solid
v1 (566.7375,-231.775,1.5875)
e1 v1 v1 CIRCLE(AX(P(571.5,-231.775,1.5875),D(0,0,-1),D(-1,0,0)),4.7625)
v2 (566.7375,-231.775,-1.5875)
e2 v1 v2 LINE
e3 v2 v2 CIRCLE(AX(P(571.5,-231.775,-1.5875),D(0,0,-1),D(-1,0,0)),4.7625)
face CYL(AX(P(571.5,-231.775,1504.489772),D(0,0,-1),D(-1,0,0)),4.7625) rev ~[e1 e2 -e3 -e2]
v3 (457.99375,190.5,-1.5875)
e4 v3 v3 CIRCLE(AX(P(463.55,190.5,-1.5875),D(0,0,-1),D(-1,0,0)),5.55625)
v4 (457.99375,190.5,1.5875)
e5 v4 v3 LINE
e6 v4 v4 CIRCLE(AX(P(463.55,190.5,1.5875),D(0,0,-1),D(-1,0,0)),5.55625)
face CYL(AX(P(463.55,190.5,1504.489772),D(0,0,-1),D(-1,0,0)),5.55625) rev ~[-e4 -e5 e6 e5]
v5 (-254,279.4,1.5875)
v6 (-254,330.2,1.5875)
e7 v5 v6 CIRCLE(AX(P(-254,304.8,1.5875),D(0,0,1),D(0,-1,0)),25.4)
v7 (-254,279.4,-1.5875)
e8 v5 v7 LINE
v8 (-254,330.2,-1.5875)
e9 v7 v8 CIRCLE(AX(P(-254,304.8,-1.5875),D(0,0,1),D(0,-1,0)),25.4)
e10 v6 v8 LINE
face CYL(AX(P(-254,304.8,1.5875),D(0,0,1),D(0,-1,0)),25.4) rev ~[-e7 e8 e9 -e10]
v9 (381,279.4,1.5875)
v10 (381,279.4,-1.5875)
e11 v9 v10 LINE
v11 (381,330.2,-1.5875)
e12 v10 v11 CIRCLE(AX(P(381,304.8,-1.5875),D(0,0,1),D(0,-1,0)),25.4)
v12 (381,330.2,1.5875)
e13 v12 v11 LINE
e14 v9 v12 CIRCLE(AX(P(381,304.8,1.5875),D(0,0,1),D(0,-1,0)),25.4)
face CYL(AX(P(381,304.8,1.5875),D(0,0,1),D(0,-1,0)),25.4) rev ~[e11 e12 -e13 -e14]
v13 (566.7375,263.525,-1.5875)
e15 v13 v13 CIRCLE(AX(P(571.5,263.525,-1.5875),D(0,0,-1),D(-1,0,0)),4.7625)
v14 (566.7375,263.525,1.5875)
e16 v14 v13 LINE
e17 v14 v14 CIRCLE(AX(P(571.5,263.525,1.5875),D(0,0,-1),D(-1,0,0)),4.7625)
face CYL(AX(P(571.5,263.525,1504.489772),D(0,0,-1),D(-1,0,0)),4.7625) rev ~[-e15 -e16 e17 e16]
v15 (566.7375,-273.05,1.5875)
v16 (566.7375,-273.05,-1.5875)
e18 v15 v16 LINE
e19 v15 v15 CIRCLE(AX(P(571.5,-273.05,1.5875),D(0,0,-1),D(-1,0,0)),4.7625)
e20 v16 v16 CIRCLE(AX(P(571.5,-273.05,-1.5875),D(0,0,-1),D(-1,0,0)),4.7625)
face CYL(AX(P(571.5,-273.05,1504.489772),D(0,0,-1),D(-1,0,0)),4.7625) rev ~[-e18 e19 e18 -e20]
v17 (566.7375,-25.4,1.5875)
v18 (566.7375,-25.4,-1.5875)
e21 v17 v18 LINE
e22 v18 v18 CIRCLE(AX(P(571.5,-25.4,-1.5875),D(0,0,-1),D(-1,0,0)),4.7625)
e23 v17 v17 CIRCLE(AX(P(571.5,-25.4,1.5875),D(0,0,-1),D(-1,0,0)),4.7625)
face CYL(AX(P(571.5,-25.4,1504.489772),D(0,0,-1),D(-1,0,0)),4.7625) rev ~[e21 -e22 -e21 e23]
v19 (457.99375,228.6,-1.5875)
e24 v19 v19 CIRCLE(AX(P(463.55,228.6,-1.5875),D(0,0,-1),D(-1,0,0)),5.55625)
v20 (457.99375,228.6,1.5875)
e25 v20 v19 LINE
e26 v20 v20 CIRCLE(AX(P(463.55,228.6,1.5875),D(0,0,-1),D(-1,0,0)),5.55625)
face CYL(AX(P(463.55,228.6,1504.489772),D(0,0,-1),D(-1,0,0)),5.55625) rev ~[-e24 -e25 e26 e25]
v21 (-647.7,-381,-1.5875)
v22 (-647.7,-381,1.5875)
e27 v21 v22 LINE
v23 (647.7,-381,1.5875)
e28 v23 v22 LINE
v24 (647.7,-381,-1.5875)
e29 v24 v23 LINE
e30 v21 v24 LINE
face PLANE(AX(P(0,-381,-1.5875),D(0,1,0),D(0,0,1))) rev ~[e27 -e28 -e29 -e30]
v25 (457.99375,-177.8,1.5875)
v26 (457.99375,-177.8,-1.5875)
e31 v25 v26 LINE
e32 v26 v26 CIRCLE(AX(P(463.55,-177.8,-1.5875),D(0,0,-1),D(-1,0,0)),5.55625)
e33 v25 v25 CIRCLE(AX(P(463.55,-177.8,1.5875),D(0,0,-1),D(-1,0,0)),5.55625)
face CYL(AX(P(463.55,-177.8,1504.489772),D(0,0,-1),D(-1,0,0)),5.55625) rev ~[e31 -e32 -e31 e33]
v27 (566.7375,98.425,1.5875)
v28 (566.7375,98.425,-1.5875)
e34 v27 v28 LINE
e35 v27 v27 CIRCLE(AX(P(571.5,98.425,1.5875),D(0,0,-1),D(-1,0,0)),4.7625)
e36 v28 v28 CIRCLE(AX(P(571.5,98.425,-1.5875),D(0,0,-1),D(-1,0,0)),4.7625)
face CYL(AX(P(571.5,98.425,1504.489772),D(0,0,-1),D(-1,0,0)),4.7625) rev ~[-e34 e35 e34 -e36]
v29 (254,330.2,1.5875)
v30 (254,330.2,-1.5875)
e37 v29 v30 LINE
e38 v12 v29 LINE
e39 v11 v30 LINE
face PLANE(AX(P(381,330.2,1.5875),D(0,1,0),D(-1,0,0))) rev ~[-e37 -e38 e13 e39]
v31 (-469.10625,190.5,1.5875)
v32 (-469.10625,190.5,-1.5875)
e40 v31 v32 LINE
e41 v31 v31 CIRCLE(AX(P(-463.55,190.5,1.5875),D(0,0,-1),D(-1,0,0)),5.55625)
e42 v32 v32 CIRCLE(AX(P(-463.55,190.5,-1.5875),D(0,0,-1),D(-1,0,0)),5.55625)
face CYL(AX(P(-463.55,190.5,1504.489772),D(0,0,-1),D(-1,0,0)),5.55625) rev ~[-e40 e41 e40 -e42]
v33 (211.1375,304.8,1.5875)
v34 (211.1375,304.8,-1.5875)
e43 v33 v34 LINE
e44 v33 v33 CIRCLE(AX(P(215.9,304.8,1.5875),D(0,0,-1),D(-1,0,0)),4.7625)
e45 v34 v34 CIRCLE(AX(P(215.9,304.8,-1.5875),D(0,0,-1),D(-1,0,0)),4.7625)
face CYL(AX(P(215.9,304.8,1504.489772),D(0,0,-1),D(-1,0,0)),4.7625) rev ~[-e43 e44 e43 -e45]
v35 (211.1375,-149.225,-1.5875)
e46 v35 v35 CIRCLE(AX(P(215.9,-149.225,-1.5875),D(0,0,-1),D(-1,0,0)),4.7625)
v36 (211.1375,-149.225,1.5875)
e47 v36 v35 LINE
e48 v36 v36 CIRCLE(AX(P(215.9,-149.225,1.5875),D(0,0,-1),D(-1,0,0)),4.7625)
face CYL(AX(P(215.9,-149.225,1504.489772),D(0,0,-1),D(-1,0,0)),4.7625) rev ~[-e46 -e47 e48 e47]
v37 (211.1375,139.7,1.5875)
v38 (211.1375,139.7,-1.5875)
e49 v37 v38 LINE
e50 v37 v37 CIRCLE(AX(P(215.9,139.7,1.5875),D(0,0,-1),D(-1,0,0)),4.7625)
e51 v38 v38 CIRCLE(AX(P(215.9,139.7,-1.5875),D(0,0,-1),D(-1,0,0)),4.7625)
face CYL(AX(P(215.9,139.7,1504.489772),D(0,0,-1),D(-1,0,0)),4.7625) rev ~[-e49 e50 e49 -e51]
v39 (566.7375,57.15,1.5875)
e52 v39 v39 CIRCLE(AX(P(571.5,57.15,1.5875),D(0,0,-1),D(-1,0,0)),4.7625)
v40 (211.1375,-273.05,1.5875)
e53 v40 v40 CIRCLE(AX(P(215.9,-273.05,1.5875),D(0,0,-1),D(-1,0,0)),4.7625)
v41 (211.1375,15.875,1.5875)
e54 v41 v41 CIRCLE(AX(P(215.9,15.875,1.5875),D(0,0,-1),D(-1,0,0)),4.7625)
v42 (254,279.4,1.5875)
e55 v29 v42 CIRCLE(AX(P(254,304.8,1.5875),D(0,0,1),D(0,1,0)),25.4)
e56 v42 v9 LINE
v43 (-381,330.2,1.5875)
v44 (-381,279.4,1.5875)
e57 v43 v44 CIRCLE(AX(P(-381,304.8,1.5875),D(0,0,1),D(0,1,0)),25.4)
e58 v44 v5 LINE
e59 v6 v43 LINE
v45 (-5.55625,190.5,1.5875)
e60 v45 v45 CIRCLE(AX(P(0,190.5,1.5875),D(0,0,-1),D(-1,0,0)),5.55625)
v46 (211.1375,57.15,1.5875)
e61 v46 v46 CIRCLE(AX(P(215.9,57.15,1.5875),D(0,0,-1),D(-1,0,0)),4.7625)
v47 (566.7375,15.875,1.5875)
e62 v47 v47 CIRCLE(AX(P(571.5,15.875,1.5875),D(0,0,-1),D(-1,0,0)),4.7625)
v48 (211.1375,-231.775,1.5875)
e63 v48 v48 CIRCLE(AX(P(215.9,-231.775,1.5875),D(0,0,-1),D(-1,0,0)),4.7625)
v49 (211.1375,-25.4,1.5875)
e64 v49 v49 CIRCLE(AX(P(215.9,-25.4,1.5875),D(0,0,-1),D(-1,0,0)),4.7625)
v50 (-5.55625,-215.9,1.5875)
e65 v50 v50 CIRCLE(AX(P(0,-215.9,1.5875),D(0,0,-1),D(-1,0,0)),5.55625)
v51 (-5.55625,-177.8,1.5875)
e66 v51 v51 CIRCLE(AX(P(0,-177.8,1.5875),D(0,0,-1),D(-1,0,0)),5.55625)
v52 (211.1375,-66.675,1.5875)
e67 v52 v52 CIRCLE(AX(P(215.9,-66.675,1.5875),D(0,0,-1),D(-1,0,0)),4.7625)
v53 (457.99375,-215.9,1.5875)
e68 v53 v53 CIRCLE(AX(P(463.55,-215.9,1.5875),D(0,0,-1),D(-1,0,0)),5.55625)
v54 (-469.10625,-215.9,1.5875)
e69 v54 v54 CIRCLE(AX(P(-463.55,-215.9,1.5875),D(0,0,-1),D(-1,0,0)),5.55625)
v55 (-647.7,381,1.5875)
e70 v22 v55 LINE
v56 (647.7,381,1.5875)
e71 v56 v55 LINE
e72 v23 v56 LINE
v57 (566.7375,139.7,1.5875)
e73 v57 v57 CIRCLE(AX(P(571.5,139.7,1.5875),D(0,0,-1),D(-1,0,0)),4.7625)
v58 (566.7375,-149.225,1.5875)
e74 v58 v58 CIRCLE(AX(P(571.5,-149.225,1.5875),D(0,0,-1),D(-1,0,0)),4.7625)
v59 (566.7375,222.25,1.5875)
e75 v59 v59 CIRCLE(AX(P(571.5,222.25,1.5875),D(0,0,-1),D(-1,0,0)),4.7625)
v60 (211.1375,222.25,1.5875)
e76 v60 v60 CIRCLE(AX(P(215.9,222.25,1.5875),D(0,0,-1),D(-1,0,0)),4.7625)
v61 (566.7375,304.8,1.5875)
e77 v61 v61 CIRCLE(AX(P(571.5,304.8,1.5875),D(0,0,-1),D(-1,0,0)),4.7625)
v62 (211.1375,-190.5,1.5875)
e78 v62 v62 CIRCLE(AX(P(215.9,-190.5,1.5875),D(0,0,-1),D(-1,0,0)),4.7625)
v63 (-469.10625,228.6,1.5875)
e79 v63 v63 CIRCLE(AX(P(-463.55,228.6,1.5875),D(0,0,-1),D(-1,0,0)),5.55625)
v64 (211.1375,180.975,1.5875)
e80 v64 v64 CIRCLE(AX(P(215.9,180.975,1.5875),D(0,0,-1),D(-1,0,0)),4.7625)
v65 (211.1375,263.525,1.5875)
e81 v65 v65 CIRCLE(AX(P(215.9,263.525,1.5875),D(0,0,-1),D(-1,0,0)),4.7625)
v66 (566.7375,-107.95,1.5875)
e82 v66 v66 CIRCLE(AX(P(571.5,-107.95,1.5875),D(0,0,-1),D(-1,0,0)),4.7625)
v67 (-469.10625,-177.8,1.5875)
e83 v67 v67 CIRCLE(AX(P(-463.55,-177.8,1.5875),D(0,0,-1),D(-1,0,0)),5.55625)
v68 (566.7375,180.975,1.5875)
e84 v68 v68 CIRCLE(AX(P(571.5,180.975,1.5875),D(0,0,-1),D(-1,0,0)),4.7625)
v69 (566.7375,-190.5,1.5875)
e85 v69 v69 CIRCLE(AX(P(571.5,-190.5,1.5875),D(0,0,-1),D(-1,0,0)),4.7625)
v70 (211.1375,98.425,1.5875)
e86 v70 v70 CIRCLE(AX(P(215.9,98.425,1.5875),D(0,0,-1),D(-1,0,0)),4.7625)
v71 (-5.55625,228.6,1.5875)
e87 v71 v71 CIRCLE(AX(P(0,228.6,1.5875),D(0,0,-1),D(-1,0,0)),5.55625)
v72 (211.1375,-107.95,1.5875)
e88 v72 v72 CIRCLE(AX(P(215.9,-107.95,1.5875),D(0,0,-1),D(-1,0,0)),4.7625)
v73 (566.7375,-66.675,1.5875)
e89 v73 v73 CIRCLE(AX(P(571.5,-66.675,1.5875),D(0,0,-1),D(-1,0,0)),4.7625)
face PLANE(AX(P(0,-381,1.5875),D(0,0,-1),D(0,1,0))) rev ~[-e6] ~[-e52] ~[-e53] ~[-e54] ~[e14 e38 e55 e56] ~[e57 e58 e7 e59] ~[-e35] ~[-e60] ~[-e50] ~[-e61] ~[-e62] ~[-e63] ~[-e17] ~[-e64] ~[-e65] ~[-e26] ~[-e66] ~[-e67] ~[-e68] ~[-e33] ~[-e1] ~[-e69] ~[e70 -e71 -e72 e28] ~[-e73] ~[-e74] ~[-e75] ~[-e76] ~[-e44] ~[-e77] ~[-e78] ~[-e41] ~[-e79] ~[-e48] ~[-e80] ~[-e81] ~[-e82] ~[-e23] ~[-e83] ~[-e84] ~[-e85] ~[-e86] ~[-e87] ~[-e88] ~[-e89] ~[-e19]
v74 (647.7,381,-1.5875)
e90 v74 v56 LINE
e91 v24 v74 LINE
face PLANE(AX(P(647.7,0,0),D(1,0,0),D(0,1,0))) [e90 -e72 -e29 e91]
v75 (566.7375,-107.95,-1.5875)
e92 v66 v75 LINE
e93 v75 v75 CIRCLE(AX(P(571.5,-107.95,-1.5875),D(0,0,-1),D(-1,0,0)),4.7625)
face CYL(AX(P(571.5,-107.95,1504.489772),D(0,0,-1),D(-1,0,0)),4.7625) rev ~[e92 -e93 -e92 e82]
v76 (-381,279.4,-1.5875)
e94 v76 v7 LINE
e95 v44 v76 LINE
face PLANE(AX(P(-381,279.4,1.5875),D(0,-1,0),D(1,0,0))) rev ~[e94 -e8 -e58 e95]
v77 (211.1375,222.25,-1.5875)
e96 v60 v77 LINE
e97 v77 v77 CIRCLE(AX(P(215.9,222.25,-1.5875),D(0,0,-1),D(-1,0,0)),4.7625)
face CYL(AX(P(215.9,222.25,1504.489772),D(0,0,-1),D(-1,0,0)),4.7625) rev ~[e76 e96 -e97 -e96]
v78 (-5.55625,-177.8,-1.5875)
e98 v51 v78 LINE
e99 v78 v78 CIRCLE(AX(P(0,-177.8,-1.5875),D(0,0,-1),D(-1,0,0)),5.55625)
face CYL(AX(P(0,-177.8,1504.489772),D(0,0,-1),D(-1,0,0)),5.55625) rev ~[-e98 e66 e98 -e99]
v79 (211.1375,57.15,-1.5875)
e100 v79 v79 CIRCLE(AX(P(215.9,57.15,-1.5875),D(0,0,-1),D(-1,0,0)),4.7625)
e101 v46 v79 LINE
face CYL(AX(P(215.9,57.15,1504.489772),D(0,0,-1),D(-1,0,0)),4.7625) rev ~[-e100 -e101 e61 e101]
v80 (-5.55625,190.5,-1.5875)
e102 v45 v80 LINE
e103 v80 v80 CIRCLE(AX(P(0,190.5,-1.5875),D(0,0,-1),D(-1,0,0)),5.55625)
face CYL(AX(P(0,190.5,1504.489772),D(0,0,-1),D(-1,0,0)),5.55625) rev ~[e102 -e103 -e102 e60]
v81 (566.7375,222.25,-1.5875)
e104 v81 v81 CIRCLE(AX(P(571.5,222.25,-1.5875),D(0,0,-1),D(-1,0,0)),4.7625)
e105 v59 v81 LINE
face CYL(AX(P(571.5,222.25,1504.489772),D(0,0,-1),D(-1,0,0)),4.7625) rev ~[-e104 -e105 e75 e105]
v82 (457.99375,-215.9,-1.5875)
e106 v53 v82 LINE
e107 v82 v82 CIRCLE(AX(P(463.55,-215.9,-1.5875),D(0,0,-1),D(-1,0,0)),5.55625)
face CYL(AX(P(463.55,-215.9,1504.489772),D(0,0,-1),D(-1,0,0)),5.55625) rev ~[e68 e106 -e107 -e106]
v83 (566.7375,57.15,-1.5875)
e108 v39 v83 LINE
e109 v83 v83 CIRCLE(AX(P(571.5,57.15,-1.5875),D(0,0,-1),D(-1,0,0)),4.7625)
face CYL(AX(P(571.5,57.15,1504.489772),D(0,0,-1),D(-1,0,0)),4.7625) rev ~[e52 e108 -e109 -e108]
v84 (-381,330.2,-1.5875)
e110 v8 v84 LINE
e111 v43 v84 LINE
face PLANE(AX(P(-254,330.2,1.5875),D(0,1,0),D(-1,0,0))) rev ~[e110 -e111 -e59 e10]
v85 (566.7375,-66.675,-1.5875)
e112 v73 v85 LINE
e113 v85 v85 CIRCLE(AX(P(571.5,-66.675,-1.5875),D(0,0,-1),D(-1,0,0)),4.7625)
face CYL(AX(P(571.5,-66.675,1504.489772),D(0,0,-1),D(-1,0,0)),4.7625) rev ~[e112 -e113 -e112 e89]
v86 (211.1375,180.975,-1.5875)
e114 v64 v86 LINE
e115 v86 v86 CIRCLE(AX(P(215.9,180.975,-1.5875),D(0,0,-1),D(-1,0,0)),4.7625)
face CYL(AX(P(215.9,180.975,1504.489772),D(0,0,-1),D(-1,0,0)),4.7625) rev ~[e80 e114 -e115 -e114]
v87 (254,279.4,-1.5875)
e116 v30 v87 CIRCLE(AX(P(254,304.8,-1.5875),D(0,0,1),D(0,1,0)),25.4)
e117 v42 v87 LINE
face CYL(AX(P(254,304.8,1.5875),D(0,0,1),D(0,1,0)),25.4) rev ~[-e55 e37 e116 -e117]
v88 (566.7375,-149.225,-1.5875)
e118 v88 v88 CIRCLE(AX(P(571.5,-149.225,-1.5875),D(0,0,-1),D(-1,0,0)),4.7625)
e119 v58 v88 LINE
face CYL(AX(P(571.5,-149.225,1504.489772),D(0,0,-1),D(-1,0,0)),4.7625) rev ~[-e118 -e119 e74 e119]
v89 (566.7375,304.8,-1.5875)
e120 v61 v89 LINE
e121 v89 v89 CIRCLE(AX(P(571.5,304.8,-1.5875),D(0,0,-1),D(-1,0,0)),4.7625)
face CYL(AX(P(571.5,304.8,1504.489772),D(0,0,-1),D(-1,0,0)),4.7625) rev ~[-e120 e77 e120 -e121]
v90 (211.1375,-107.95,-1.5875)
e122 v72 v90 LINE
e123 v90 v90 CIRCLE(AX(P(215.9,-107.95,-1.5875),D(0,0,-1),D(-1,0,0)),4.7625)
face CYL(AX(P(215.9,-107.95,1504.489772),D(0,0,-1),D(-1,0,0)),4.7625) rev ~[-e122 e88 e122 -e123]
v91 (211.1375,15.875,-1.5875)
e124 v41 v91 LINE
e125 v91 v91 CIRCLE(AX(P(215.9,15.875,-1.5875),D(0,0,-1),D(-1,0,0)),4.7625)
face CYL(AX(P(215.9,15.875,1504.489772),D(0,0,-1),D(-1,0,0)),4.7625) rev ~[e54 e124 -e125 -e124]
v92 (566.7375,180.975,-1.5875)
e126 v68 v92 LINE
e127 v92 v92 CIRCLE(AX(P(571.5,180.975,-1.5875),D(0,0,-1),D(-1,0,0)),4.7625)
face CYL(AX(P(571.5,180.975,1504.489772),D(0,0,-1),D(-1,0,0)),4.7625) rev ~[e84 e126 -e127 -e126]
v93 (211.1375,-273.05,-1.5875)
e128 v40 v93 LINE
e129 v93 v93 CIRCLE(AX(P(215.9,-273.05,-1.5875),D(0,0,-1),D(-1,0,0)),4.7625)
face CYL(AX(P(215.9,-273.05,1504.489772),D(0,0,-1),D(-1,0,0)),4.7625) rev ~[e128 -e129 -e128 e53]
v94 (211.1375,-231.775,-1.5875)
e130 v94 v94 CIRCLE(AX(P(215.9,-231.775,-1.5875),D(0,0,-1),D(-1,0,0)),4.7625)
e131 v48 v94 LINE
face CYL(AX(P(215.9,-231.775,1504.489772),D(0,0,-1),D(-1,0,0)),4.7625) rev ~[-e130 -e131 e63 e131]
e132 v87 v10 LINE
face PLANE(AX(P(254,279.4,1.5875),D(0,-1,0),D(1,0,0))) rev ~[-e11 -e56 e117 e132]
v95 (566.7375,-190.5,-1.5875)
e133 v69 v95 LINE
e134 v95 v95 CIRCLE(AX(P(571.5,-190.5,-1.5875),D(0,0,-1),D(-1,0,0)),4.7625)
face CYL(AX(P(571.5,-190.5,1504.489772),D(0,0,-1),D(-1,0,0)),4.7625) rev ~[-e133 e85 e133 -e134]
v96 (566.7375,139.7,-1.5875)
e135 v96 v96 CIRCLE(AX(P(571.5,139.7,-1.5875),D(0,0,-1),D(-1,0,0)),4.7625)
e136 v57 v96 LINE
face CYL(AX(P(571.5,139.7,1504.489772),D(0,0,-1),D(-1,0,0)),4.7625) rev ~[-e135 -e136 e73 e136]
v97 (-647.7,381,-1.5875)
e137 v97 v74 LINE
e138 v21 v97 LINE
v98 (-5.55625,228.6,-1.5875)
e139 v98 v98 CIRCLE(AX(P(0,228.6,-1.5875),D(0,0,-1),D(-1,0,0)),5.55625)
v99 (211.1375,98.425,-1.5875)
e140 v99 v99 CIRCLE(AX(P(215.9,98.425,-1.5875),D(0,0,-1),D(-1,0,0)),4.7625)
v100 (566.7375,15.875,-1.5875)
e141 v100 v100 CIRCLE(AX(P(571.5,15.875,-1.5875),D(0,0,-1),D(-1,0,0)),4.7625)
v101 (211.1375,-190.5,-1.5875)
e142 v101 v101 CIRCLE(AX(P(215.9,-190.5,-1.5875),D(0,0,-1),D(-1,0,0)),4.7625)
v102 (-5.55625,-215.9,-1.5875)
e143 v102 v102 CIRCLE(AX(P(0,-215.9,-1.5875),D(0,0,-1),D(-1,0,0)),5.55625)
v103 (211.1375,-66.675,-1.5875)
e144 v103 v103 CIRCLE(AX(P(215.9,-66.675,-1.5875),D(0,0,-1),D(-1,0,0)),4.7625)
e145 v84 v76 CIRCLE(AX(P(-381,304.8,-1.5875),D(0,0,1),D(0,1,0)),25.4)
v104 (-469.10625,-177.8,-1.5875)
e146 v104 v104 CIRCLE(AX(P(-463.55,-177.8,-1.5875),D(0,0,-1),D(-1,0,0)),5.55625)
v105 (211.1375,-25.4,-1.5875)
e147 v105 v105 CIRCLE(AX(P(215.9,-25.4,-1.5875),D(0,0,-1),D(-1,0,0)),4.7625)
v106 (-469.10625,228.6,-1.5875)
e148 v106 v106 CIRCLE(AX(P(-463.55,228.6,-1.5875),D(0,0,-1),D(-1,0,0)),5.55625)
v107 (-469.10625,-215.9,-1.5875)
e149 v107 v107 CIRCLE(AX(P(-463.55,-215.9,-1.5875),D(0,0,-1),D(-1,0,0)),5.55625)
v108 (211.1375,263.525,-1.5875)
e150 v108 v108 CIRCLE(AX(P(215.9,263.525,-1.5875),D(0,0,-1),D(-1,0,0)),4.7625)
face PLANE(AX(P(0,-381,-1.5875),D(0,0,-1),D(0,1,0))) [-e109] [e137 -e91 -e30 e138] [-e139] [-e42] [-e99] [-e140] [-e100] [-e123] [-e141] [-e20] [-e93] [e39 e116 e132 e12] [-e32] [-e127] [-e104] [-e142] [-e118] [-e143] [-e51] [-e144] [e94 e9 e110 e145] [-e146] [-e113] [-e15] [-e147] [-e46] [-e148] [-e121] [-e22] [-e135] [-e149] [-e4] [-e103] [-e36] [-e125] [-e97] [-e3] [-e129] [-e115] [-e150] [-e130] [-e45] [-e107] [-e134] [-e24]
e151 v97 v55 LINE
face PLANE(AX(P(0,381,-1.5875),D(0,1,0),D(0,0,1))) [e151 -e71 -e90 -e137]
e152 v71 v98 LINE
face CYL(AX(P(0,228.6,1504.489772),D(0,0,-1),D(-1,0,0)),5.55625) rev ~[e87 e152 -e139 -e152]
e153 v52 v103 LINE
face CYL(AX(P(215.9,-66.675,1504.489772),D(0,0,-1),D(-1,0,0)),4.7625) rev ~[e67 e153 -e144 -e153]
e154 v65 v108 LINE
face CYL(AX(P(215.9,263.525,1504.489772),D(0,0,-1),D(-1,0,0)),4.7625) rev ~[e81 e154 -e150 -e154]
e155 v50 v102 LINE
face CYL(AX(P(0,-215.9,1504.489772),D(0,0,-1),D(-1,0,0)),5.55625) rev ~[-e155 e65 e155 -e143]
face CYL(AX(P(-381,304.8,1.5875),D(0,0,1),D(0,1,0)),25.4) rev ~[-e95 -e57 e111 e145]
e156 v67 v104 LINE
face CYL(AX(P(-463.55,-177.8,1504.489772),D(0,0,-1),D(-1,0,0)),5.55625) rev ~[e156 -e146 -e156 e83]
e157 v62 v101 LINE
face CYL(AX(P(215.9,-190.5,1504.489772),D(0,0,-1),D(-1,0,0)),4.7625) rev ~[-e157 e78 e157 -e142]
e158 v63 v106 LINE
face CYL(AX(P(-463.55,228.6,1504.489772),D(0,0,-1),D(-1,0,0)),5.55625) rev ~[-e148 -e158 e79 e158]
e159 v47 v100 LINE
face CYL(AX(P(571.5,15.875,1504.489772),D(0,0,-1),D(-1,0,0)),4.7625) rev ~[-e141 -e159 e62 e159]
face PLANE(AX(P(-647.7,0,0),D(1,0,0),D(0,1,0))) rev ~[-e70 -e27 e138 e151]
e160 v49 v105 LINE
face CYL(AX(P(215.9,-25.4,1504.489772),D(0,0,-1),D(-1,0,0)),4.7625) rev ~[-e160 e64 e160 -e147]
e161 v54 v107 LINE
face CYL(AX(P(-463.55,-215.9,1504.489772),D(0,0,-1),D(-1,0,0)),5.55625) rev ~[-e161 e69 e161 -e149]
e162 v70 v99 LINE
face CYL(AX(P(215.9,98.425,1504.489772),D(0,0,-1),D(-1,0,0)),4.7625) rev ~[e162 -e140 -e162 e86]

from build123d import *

# Parameters (mm, degrees)
F0_W     = 762
F0_H     = 3.175
F1_DEPTH = 647.7
F3_D     = 11.1125
F5_DEPTH = 3.175
F7_D     = 9.525


with BuildPart() as f1:
    # F0 (on Right) → F1 (new body, symmetric)
    with BuildSketch(Plane.YZ):
        Rectangle(F0_W, F0_H)
    extrude(amount=F1_DEPTH, both=True)

    # F3 (through all)
    with Locations(Plane.XY.offset(1.5875)):
        with Locations((463.55, 228.6), (463.55, 190.5), (463.55, -177.8), (463.55, -215.9), (0, 228.6), (0, 190.5), (0, -177.8), (0, -215.9), (-463.55, 190.5), (-463.55, 228.6), (-463.55, -177.8), (-463.55, -215.9)):
            Hole(F3_D / 2)

    # F4 (on face) → F5 (cut, through all)
    with BuildSketch(Plane.XY.offset(1.5875)):
        with BuildLine():
            ThreePointArc((254, 330.2), (228.6, 304.8), (254, 279.4))
            Line((254, 279.4), (381, 279.4))
            ThreePointArc((381, 279.4), (406.4, 304.8), (381, 330.2))
            Line((381, 330.2), (254, 330.2))
        make_face()
        with BuildLine():
            ThreePointArc((-381, 330.2), (-406.4, 304.8), (-381, 279.4))
            Line((-381, 279.4), (-254, 279.4))
            ThreePointArc((-254, 279.4), (-228.6, 304.8), (-254, 330.2))
            Line((-254, 330.2), (-381, 330.2))
        make_face()
    extrude(amount=-F5_DEPTH, mode=Mode.SUBTRACT)

    # F7 (through all)
    with Locations(Plane.XY.offset(1.5875)):
        with Locations((571.5, 304.8), (571.5, 263.525), (571.5, 222.25), (571.5, 180.975), (571.5, 139.7), (571.5, 98.425), (571.5, 15.875), (571.5, -149.225), (571.5, -273.05), (571.5, -231.775), (571.5, -190.5), (571.5, -66.675), (571.5, -107.95), (571.5, -25.4), (571.5, 57.15), (215.9, 98.425), (215.9, 139.7), (215.9, 180.975), (215.9, 222.25), (215.9, 263.525), (215.9, 57.15), (215.9, -25.4), (215.9, 15.875), (215.9, -107.95), (215.9, -66.675), (215.9, -149.225), (215.9, -190.5), (215.9, -231.775), (215.9, -273.05), (215.9, 304.8)):
            Hole(F7_D / 2)


solid = f1.part
